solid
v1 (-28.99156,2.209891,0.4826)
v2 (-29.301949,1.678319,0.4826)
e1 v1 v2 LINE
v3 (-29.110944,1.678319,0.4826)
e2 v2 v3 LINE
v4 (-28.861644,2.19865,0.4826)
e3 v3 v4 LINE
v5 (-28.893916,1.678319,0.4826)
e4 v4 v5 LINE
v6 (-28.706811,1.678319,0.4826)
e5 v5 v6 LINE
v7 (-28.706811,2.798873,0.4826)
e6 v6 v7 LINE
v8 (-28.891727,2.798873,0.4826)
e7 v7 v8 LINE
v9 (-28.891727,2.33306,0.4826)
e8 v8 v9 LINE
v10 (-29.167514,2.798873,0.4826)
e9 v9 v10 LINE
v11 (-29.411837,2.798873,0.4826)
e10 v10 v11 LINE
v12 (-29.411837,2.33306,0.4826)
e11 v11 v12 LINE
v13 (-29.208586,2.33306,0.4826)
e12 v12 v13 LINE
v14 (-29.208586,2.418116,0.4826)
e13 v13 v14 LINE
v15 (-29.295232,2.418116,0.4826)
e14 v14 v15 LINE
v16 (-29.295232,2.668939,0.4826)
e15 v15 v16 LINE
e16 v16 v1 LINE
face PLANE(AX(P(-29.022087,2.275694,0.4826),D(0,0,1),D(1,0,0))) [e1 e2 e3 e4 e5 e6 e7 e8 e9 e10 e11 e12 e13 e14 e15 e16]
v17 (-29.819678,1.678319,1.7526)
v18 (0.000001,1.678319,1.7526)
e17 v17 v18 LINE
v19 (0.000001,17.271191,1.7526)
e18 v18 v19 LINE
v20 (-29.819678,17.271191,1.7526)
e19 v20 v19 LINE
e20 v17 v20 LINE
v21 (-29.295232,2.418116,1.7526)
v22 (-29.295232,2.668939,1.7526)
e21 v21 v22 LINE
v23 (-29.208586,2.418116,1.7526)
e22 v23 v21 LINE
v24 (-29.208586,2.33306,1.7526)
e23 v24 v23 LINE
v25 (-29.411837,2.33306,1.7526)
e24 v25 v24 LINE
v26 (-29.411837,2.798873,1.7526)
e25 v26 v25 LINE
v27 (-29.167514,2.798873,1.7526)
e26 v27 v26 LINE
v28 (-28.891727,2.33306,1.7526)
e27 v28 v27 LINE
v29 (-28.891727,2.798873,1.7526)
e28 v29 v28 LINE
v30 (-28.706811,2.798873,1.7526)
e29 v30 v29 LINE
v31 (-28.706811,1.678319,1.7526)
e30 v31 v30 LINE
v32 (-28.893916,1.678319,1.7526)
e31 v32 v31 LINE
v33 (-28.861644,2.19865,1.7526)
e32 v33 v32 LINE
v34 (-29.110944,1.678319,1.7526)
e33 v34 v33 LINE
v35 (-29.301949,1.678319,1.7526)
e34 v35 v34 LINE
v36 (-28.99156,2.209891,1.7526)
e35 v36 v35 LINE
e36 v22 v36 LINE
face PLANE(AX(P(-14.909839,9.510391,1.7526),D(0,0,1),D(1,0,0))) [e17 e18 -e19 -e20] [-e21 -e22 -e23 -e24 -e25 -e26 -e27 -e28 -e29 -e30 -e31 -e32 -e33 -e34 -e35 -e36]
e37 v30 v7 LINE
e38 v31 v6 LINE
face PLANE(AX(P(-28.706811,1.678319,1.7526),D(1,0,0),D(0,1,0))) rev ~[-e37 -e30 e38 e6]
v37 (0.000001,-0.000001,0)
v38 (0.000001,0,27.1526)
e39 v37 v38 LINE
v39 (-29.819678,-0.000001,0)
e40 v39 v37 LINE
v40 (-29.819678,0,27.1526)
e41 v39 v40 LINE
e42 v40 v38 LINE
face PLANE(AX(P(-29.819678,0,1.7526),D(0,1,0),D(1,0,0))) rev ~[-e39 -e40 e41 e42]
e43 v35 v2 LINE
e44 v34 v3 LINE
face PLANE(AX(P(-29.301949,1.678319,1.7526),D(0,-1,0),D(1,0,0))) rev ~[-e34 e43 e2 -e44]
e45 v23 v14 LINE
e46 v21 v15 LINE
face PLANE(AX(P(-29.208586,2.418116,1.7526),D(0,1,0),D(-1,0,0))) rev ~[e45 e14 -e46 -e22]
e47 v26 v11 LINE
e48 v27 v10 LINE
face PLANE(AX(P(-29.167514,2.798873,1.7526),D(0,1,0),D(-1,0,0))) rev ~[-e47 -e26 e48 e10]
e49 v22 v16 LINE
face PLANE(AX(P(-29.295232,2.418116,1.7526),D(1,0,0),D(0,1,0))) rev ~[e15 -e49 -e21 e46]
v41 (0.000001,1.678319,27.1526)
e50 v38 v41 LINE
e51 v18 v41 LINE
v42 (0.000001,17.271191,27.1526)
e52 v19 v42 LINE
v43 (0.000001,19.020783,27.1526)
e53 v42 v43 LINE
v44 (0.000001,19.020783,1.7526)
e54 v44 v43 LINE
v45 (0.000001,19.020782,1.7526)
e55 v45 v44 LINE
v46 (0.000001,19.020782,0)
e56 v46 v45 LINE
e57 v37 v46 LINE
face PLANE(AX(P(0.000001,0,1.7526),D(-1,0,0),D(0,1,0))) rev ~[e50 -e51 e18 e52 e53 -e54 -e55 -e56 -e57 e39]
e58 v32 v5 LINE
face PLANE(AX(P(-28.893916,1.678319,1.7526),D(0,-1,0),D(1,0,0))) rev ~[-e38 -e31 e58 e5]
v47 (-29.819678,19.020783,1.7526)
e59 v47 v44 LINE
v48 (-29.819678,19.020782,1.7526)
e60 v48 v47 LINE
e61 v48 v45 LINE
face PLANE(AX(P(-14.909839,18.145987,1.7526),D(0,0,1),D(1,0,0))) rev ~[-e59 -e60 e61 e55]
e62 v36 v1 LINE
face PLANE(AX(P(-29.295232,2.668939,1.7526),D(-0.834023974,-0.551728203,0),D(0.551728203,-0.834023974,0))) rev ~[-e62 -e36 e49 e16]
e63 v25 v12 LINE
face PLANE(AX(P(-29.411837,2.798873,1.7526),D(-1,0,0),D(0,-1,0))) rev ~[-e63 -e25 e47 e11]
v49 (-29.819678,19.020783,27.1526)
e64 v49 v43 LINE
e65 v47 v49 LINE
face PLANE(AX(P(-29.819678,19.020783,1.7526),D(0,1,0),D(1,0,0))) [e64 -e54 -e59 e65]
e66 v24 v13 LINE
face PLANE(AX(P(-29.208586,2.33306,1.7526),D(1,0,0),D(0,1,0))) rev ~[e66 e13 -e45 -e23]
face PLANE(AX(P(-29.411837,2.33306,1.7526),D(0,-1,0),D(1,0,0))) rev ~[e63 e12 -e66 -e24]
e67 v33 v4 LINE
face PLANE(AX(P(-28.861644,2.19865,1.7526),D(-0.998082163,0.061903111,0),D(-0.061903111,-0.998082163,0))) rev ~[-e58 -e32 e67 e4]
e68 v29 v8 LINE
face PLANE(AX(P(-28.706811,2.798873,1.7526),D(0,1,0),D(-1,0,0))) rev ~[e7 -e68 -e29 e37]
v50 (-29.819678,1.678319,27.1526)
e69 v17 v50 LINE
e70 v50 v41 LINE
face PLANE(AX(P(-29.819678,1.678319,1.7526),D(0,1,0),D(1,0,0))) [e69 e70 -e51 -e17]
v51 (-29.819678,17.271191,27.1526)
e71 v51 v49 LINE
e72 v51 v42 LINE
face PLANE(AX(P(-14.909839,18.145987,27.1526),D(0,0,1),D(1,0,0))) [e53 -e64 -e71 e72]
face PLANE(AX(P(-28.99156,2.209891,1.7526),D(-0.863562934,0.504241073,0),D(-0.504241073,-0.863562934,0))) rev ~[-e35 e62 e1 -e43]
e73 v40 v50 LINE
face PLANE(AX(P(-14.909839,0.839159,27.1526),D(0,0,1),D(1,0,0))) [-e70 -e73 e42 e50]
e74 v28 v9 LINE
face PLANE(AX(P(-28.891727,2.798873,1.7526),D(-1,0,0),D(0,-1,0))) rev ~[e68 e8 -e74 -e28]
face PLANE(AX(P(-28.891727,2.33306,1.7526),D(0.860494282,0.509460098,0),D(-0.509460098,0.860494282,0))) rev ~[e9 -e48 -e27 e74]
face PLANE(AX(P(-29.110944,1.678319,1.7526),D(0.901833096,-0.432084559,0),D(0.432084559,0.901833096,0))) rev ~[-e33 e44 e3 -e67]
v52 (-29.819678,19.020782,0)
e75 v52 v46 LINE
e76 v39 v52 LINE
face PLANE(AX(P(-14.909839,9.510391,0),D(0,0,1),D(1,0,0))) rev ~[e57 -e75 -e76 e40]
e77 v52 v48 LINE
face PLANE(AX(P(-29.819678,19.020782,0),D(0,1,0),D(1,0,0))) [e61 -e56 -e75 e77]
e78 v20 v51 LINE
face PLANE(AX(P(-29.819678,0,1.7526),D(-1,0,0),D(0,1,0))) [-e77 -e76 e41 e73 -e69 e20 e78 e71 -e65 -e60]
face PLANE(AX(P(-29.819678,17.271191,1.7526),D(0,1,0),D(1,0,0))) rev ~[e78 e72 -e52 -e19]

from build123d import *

# Parameters (mm, degrees)
F0_W     = 29.819679
F0_H     = 19.020783
F1_DEPTH = 1.7526
F2_W     = 29.819679
F2_H     = 1.678319
F2_H_2   = 1.749592
F3_DEPTH = 25.4
F5_DEPTH = 1.27


with BuildPart() as f1:
    # F0 (on Top) → F1 (new body)
    with BuildSketch(Plane.XY):
        with Locations((-14.909839, 9.510391)):
            Rectangle(F0_W, F0_H)
    extrude(amount=F1_DEPTH)

    # F2 (on face) → F3 (join)
    with BuildSketch(Plane.XY.offset(1.7526)):
        with Locations((-14.909839, 0.839159)):
            Rectangle(F2_W, F2_H)
        with Locations((-14.909839, 18.145987)):
            Rectangle(F2_W, F2_H_2)
    extrude(amount=F3_DEPTH)

    # F4 (on face) → F5 (cut)
    with BuildSketch(Plane.XY.offset(1.7526)):
        Polygon((-28.893916, 1.678319), (-28.706811, 1.678319), (-28.706811, 2.798873), (-28.891727, 2.798873), (-28.891727, 2.33306), (-29.167514, 2.798873), (-29.411837, 2.798873), (-29.411837, 2.33306), (-29.208586, 2.33306), (-29.208586, 2.418116), (-29.295232, 2.418116), (-29.295232, 2.668939), (-28.99156, 2.209891), (-29.301949, 1.678319), (-29.110944, 1.678319), (-28.861644, 2.19865), align=None)
    extrude(amount=-F5_DEPTH, mode=Mode.SUBTRACT)


solid = f1.part
